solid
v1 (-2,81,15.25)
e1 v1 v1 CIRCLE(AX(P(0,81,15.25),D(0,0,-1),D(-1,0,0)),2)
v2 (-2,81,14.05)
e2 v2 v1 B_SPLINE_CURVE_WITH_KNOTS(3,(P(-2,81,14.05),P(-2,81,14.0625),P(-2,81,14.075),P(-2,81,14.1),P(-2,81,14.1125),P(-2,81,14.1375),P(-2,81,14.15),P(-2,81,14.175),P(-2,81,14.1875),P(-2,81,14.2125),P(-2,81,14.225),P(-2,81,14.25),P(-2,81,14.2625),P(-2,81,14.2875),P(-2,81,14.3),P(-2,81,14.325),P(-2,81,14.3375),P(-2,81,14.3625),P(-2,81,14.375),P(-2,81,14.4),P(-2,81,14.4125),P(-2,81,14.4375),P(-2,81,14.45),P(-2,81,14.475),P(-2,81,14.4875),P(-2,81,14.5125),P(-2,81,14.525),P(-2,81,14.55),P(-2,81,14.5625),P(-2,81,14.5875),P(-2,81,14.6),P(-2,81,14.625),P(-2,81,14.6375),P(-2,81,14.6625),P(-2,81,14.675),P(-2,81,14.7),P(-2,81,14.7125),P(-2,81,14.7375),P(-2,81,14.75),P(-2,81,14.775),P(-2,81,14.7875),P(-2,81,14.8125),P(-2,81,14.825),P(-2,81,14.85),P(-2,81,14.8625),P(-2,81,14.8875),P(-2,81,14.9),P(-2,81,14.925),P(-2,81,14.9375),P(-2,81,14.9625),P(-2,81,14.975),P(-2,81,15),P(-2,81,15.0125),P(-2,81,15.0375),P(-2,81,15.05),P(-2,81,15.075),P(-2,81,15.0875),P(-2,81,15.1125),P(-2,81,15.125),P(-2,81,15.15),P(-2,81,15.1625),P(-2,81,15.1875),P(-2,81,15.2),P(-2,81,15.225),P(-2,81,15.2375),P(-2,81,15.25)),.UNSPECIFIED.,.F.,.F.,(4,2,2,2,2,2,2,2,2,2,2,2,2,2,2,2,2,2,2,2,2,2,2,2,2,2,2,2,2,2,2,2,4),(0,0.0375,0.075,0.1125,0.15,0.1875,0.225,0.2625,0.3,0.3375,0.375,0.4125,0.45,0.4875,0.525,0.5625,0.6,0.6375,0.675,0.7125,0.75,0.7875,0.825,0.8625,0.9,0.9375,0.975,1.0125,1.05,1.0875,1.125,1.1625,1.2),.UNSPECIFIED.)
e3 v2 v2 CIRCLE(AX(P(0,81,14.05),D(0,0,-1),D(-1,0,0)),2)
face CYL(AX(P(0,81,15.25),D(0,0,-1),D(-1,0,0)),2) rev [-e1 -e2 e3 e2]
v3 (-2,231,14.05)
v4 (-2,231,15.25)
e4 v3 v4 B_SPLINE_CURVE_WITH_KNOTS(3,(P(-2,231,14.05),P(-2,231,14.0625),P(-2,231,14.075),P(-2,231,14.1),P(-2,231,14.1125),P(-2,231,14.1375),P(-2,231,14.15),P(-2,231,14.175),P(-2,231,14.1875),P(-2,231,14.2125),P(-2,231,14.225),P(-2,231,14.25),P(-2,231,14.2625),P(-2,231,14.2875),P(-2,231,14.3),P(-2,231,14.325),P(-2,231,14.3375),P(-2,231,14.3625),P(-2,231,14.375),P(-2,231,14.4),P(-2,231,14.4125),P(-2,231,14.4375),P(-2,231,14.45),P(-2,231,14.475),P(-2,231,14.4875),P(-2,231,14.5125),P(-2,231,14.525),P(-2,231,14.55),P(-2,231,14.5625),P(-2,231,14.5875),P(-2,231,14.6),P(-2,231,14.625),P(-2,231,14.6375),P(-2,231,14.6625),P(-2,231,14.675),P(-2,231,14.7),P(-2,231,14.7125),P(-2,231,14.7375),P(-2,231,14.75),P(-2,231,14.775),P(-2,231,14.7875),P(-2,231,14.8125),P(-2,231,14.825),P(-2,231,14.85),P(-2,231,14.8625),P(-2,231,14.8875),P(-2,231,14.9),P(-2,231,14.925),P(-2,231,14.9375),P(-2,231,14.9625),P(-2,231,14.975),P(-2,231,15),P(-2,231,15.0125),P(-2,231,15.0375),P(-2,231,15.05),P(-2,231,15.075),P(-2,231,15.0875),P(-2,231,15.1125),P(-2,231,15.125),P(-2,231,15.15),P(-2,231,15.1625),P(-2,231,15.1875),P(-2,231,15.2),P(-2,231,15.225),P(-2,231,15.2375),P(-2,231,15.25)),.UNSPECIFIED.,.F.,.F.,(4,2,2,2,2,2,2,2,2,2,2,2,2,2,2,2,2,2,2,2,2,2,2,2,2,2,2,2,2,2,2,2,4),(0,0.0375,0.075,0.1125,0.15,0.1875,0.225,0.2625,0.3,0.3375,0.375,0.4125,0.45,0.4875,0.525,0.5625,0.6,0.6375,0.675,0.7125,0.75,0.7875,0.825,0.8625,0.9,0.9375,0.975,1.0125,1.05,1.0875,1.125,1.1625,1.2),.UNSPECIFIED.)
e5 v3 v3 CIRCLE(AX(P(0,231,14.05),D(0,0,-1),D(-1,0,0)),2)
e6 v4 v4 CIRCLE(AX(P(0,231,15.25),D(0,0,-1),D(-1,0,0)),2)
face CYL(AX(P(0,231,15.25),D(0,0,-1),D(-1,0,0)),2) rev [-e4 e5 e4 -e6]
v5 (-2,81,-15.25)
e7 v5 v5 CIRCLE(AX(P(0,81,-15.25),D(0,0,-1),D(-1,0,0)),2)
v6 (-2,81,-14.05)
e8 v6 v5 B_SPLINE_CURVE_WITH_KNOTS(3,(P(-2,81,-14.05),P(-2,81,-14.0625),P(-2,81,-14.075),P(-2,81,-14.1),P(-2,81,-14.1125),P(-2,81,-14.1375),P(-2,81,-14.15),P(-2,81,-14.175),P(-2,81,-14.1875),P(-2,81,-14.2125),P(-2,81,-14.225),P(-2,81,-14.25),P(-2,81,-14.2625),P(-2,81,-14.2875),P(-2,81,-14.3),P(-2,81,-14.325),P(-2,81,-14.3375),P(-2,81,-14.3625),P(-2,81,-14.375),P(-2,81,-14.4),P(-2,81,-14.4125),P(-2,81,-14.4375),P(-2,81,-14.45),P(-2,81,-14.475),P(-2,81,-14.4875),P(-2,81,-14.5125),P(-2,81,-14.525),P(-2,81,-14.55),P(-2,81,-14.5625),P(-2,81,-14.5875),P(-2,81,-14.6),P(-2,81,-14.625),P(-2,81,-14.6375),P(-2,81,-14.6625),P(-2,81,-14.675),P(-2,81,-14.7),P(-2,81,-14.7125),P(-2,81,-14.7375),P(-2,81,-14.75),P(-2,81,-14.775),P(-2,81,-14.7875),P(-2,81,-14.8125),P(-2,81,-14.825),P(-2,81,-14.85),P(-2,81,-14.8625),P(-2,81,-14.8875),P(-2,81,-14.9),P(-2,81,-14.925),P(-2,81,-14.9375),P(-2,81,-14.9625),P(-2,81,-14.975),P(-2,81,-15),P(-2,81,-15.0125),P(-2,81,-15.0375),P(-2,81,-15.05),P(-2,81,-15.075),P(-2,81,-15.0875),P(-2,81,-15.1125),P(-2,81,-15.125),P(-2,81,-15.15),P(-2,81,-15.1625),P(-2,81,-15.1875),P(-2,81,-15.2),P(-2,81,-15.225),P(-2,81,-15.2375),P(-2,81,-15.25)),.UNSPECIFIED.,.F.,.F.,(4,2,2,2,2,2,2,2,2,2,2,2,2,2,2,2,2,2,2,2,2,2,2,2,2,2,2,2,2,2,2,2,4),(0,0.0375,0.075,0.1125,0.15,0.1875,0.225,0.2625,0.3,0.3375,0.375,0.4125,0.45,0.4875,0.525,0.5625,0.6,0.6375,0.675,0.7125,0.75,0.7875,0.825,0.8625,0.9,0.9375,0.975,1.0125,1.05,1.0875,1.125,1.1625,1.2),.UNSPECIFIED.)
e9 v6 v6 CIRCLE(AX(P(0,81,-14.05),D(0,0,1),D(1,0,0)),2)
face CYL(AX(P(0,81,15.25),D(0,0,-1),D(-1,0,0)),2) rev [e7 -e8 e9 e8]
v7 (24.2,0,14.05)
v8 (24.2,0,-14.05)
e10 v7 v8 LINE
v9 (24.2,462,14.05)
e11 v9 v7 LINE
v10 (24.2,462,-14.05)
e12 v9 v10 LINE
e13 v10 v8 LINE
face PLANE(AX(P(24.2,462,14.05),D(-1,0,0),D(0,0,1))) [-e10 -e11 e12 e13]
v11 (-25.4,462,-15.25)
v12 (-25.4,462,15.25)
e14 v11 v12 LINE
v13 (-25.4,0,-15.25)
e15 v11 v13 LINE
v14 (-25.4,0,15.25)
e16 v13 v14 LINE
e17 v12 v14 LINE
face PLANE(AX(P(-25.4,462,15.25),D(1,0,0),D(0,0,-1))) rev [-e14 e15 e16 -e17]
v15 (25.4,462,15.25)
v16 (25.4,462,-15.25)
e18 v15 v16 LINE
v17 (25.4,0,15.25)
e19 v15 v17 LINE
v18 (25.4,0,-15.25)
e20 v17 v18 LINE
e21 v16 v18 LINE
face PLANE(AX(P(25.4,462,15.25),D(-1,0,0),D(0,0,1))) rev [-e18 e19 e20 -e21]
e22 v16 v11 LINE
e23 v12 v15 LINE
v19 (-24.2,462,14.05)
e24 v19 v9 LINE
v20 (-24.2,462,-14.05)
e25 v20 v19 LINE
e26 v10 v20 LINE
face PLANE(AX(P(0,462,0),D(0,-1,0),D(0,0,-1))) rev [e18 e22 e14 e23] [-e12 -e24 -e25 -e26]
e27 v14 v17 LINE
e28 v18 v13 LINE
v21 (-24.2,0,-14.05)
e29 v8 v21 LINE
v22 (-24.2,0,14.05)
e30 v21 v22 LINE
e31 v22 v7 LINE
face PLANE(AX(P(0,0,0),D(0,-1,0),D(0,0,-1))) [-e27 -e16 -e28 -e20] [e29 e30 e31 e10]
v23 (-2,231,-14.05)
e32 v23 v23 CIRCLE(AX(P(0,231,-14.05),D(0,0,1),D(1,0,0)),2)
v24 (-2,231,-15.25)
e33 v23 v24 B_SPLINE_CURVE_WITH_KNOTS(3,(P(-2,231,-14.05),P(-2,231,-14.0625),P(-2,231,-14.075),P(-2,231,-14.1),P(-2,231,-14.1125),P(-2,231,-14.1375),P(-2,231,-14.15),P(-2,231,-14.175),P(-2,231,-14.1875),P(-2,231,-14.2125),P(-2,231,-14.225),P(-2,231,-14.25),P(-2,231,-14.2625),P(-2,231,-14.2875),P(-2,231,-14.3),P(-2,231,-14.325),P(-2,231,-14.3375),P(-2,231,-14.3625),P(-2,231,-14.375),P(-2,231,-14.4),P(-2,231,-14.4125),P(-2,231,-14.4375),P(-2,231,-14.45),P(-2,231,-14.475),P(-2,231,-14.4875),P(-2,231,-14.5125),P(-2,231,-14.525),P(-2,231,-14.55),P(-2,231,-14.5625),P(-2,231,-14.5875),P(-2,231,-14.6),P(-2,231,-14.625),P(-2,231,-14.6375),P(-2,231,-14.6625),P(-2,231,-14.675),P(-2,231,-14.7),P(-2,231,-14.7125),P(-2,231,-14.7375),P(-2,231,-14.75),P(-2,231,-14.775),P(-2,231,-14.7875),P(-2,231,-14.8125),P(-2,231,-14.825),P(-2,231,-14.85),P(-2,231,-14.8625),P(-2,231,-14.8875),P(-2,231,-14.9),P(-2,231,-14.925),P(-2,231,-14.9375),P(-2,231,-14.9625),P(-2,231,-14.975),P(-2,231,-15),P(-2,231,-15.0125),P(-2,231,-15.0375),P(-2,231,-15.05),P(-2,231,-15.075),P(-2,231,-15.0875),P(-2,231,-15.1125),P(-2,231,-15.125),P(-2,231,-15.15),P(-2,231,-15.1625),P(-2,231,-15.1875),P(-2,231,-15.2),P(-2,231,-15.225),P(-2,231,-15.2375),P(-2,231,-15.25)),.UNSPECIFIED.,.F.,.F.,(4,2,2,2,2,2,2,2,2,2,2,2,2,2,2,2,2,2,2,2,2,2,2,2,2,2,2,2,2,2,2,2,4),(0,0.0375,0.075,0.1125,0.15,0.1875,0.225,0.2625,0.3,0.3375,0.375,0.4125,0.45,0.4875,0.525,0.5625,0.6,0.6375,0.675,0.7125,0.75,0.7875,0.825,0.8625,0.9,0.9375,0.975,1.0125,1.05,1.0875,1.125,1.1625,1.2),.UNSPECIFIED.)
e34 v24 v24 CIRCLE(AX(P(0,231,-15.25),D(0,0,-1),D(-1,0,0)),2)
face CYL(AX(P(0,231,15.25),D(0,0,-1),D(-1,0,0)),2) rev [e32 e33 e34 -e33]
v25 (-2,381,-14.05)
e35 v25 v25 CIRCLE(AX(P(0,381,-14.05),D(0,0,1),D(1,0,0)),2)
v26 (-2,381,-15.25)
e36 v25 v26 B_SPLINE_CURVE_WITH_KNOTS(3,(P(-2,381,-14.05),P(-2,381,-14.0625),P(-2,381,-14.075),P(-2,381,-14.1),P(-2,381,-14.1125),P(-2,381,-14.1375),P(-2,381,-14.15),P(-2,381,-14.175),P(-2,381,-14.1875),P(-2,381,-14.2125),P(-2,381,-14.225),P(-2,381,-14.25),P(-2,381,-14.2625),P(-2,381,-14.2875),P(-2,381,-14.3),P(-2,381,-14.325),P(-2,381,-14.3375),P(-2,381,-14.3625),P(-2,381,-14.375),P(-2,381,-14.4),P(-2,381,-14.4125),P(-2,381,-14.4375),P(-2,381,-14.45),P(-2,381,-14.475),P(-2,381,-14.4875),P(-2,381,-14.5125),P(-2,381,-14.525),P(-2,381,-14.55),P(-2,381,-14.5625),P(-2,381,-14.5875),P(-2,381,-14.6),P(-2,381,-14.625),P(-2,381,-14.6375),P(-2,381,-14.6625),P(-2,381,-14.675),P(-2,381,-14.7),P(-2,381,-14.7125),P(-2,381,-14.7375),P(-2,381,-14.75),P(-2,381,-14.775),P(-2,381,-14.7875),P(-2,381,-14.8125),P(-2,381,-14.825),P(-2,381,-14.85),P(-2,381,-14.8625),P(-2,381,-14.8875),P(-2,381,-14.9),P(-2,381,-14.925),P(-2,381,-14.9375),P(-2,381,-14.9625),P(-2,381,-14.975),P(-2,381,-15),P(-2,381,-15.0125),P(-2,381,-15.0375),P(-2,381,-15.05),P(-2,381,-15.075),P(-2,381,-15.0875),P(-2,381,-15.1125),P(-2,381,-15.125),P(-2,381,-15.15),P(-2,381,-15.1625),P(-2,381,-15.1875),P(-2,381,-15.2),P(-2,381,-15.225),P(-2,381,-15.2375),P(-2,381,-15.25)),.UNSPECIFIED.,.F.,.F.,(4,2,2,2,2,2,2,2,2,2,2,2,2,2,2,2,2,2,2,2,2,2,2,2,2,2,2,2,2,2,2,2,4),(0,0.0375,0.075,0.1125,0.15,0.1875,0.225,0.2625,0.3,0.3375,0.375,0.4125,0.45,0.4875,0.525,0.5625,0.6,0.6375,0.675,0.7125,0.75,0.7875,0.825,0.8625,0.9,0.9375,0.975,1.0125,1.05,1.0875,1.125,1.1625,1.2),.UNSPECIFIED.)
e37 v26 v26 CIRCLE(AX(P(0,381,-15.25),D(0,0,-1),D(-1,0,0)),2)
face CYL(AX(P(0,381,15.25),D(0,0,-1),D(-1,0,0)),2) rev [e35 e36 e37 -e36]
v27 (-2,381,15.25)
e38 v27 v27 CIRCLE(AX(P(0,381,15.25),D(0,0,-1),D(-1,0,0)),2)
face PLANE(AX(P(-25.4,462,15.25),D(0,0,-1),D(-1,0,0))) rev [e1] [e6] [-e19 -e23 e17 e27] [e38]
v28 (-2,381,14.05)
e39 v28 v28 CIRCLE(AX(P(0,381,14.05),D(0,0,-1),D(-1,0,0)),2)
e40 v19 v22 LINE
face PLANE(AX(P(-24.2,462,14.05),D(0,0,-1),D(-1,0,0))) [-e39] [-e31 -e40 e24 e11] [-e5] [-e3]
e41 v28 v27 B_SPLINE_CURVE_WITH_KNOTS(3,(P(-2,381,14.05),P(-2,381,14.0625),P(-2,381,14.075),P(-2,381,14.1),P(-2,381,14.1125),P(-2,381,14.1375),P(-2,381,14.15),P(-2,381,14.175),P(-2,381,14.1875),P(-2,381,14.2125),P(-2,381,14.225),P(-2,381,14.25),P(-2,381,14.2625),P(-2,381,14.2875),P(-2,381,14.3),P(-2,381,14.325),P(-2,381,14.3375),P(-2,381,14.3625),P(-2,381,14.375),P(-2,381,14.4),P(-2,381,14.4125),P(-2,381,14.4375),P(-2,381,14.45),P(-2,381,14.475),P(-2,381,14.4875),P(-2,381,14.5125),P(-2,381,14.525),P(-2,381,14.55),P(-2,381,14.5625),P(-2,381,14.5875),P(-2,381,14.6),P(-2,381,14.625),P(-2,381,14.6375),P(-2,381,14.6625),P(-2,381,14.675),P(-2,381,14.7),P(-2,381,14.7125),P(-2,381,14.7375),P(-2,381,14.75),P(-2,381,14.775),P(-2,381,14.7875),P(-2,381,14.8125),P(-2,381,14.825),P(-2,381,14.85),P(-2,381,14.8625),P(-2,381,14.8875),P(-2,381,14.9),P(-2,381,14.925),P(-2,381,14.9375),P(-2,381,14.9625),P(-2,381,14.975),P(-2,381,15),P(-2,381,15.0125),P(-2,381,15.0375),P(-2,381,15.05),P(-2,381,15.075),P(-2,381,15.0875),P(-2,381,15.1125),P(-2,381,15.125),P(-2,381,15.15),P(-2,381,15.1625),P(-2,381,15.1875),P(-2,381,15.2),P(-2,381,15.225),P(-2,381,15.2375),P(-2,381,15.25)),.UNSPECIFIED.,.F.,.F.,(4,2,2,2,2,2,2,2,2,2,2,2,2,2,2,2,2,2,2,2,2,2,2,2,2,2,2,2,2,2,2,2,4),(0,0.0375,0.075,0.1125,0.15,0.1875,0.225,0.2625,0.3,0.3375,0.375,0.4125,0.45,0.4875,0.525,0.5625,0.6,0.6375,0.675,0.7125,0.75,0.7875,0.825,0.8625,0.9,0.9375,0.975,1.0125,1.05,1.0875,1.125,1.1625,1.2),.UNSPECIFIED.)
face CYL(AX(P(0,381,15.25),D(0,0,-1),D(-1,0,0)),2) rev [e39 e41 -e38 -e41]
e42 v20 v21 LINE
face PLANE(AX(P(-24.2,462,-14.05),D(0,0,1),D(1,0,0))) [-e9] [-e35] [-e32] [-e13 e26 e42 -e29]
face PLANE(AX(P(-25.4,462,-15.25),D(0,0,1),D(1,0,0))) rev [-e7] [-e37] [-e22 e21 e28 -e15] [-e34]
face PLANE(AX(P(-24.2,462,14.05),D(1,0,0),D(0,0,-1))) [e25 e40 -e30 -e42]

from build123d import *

# Parameters (mm, degrees)
SKETCH1_W           = 50.8
SKETCH1_H           = 30.5
SKETCH1_W_2         = 48.4
SKETCH1_H_2         = 28.1
BOSS_EXTRUDE1_DEPTH = 462
SKETCH2_R           = 2
CUT_EXTRUDE1_DEPTH  = 464.701854644


with BuildPart() as part:
    # Sketch1 → Boss-Extrude1 (new body)
    with BuildSketch(Plane(origin=(0, 0, 0), x_dir=(1, 0, 0), z_dir=(0, 1, 0))):
        Rectangle(SKETCH1_W, SKETCH1_H)
        Rectangle(SKETCH1_W_2, SKETCH1_H_2, mode=Mode.SUBTRACT)
    extrude(amount=BOSS_EXTRUDE1_DEPTH)

    # Sketch2 → Cut-Extrude1 (cut, through all)
    with BuildSketch(Plane(origin=(0, 0, -15.25), x_dir=(-1, 0, 0), z_dir=(0, 0, -1))):
        with Locations((0, 231)):
            Circle(SKETCH2_R)
        with Locations((0, 381)):
            Circle(SKETCH2_R)
        with Locations((0, 81)):
            Circle(SKETCH2_R)
    extrude(amount=-CUT_EXTRUDE1_DEPTH, mode=Mode.SUBTRACT)


solid = part.part
